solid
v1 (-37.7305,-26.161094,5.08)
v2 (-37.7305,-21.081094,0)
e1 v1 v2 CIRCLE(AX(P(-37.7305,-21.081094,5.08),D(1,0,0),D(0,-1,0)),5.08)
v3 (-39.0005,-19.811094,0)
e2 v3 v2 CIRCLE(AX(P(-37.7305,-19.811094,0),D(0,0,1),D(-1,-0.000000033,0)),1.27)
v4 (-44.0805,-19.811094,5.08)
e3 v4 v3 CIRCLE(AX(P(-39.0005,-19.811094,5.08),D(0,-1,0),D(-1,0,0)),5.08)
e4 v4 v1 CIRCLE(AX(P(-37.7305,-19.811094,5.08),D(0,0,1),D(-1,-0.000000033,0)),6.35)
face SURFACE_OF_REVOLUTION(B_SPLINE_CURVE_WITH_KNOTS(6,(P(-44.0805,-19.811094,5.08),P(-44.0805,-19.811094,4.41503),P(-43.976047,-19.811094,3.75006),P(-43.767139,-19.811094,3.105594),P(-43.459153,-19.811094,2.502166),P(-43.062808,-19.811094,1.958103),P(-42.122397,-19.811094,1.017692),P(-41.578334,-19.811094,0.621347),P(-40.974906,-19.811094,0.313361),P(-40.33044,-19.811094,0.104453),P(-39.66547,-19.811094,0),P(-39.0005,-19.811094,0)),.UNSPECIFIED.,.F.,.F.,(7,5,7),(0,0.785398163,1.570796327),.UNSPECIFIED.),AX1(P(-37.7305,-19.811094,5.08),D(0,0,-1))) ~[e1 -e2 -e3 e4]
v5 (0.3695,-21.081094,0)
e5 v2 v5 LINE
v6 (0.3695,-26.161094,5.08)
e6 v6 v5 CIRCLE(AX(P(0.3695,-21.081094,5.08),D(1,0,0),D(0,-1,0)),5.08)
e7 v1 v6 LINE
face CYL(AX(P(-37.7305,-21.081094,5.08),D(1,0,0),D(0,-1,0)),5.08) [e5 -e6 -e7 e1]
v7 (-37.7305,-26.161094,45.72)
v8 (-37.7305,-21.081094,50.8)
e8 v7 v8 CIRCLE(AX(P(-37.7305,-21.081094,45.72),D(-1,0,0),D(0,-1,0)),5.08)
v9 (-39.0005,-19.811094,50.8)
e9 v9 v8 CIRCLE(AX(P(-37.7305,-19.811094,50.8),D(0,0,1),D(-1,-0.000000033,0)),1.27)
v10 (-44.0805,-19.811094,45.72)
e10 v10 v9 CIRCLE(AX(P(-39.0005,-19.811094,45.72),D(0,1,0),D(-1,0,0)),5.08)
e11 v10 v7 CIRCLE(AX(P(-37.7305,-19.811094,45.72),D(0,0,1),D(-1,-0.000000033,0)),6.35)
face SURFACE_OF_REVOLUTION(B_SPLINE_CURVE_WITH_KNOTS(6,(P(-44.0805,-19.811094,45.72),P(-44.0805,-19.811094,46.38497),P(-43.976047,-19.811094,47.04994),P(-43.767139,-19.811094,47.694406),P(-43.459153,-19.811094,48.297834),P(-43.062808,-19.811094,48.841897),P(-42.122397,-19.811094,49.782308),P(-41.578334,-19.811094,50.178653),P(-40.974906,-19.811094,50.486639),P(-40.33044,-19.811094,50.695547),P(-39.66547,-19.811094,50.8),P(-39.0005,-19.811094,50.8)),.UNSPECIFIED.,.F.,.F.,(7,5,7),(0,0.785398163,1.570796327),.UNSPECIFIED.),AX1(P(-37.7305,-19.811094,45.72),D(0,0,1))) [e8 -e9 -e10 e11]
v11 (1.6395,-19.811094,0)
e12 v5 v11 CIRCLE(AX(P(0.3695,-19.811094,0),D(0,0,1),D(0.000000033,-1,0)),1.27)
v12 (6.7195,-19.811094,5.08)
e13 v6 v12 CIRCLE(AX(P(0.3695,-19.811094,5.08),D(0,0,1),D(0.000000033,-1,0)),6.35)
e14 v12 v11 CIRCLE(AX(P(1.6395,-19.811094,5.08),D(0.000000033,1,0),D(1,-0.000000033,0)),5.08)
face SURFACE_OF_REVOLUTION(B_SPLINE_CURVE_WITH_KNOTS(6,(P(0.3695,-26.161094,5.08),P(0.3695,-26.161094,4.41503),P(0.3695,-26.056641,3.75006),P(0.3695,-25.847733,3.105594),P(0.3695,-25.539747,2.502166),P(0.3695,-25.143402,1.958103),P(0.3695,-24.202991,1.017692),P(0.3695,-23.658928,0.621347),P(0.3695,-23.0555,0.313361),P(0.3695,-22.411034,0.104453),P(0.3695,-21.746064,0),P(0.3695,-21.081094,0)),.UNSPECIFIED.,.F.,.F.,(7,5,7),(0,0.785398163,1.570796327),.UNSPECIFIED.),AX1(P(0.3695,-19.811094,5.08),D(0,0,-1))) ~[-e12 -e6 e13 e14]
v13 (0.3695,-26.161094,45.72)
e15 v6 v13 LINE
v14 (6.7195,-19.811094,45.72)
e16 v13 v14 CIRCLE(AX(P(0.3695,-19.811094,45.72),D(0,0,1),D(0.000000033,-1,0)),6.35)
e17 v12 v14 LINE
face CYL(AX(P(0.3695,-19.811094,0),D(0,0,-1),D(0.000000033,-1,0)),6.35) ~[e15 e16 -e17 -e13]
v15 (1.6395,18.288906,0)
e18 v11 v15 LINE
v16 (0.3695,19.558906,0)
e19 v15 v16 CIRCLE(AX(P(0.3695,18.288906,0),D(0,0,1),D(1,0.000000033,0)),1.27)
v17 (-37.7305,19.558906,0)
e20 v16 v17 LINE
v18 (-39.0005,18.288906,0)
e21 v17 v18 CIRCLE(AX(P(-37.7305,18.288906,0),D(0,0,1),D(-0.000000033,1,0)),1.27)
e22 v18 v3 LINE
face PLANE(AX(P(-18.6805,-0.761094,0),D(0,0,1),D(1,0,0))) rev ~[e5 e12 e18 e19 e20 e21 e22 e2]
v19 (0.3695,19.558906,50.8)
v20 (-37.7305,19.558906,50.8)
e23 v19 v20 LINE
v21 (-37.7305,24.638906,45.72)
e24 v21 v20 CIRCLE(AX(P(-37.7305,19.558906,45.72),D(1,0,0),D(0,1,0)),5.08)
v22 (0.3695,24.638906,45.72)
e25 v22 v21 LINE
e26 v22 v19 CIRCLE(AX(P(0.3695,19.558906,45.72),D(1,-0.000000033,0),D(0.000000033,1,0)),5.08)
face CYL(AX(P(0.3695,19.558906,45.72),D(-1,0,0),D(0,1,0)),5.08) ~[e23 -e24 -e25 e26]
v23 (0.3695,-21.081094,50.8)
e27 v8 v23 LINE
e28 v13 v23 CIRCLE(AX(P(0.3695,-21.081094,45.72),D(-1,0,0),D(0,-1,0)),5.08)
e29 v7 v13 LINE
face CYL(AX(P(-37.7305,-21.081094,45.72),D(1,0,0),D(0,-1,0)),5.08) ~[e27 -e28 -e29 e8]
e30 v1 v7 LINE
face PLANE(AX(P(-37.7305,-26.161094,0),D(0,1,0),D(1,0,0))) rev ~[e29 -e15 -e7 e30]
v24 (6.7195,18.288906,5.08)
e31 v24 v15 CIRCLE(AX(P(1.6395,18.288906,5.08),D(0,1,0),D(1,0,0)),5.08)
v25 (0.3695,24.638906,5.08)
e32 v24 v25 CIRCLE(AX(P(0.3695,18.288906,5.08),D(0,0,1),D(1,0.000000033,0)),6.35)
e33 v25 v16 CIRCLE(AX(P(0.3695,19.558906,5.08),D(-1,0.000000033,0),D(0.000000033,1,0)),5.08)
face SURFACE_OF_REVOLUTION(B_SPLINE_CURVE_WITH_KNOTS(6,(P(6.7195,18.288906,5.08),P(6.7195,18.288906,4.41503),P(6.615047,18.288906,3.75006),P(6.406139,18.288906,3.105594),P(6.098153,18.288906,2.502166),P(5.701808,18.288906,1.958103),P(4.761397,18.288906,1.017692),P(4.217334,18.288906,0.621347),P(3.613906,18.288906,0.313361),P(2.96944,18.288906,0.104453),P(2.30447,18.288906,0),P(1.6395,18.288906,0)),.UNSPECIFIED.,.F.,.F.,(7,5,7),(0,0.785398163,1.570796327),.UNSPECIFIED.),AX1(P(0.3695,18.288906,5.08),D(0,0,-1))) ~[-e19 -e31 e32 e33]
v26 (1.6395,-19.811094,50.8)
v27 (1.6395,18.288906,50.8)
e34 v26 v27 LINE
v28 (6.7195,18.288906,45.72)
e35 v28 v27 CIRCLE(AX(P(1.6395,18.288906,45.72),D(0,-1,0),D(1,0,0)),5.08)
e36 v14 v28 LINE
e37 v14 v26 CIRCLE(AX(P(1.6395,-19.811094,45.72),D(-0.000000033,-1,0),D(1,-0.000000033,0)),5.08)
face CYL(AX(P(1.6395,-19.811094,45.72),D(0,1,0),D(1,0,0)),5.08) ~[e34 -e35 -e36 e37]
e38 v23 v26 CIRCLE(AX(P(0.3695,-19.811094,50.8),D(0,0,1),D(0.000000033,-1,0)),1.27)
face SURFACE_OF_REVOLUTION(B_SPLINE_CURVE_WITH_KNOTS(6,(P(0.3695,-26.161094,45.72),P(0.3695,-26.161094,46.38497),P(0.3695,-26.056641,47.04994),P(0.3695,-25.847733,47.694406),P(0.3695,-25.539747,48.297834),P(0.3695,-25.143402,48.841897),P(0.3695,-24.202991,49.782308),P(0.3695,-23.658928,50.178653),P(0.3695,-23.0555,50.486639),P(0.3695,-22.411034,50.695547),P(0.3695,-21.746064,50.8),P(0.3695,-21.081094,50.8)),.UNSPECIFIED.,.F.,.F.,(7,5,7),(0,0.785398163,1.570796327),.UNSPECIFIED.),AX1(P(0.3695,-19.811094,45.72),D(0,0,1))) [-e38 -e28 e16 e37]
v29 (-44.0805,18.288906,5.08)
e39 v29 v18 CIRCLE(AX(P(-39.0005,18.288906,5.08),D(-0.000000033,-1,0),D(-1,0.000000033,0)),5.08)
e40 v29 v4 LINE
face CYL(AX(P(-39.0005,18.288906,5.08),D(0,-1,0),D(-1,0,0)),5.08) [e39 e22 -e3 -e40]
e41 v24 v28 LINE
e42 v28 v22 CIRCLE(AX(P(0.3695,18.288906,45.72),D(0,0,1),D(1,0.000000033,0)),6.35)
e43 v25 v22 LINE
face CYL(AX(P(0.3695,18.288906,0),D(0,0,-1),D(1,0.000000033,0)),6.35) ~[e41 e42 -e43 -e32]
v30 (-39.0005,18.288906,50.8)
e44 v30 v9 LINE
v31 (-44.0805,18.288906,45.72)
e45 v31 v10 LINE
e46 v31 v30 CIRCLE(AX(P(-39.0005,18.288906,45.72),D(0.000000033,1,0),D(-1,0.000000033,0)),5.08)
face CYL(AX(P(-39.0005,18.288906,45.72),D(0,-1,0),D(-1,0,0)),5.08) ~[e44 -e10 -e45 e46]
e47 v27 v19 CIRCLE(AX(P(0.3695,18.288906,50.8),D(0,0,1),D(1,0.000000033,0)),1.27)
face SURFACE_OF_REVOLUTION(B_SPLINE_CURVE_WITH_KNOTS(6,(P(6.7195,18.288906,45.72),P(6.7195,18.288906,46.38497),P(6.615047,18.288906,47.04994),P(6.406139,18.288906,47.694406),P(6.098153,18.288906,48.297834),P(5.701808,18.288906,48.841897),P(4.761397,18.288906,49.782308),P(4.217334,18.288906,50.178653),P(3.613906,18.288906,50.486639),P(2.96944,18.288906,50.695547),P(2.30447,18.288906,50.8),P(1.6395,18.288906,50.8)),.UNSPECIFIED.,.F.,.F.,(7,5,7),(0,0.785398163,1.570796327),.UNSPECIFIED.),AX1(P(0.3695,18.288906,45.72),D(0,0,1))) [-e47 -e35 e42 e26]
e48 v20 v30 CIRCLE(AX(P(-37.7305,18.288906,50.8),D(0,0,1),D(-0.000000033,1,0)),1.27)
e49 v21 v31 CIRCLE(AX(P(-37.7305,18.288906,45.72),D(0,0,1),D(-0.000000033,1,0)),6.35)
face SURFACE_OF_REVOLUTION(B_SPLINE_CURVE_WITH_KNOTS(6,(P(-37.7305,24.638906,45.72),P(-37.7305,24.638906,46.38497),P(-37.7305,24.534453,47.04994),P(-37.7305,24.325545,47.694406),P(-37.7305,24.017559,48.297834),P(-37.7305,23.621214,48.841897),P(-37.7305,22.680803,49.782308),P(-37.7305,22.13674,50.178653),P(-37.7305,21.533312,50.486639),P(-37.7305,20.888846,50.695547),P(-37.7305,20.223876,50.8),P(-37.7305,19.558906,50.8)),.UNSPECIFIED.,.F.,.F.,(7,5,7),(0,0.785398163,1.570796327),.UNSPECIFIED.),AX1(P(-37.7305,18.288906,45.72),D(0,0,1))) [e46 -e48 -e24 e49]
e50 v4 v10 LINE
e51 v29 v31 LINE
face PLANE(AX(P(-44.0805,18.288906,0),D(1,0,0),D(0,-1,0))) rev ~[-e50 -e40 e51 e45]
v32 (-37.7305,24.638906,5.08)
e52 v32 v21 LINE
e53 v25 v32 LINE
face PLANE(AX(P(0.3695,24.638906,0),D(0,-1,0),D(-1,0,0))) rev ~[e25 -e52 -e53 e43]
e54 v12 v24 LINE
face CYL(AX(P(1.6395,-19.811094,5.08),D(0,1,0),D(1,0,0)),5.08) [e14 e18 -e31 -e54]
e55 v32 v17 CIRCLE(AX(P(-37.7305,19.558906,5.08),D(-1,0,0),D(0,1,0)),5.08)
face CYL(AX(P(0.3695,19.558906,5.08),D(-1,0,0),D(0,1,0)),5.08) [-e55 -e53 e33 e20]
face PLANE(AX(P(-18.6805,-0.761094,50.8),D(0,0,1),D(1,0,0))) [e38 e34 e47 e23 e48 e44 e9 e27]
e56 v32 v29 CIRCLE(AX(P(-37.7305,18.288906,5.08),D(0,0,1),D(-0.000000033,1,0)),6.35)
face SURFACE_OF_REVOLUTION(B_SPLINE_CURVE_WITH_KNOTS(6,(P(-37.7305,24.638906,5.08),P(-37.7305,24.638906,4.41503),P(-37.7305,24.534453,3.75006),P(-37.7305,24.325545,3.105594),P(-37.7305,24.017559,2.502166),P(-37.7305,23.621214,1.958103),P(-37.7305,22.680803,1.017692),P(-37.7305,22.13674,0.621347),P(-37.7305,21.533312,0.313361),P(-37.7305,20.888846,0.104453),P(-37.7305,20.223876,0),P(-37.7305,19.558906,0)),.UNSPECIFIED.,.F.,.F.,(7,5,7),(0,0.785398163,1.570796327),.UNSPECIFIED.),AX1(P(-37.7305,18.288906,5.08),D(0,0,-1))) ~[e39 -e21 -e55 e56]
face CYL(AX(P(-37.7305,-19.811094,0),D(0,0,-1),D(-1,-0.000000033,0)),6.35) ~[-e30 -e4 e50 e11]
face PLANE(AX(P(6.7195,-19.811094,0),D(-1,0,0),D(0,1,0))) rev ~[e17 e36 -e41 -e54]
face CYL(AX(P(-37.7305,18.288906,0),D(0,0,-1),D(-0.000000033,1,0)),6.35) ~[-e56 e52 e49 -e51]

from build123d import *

# Parameters (mm, degrees)
F1_DEPTH = 50.8
F2_R     = 5.08


with BuildPart() as f1:
    # F0 (on Top) → F1 (new body)
    with BuildSketch(Plane.XY):
        with BuildLine():
            Line((0.3695, 24.638906), (-37.7305, 24.638906))
            ThreePointArc((-37.7305, 24.638906), (-42.220628, 22.779034), (-44.0805, 18.288906))
            Line((-44.0805, 18.288906), (-44.0805, -19.811094))
            ThreePointArc((-44.0805, -19.811094), (-42.220628, -24.301222), (-37.7305, -26.161094))
            Line((-37.7305, -26.161094), (0.3695, -26.161094))
            ThreePointArc((0.3695, -26.161094), (4.859628, -24.301222), (6.7195, -19.811094))
            Line((6.7195, -19.811094), (6.7195, 18.288906))
            ThreePointArc((6.7195, 18.288906), (4.859628, 22.779034), (0.3695, 24.638906))
        make_face()
    extrude(amount=F1_DEPTH)

    # F2
    f2_edges = [f1.edges().sort_by_distance(p)[0] for p in [
        (-18.6805, -26.161094, 50.8),
        (-18.6805, -26.161094, 0),
    ]]
    fillet(f2_edges, radius=F2_R)


solid = f1.part
